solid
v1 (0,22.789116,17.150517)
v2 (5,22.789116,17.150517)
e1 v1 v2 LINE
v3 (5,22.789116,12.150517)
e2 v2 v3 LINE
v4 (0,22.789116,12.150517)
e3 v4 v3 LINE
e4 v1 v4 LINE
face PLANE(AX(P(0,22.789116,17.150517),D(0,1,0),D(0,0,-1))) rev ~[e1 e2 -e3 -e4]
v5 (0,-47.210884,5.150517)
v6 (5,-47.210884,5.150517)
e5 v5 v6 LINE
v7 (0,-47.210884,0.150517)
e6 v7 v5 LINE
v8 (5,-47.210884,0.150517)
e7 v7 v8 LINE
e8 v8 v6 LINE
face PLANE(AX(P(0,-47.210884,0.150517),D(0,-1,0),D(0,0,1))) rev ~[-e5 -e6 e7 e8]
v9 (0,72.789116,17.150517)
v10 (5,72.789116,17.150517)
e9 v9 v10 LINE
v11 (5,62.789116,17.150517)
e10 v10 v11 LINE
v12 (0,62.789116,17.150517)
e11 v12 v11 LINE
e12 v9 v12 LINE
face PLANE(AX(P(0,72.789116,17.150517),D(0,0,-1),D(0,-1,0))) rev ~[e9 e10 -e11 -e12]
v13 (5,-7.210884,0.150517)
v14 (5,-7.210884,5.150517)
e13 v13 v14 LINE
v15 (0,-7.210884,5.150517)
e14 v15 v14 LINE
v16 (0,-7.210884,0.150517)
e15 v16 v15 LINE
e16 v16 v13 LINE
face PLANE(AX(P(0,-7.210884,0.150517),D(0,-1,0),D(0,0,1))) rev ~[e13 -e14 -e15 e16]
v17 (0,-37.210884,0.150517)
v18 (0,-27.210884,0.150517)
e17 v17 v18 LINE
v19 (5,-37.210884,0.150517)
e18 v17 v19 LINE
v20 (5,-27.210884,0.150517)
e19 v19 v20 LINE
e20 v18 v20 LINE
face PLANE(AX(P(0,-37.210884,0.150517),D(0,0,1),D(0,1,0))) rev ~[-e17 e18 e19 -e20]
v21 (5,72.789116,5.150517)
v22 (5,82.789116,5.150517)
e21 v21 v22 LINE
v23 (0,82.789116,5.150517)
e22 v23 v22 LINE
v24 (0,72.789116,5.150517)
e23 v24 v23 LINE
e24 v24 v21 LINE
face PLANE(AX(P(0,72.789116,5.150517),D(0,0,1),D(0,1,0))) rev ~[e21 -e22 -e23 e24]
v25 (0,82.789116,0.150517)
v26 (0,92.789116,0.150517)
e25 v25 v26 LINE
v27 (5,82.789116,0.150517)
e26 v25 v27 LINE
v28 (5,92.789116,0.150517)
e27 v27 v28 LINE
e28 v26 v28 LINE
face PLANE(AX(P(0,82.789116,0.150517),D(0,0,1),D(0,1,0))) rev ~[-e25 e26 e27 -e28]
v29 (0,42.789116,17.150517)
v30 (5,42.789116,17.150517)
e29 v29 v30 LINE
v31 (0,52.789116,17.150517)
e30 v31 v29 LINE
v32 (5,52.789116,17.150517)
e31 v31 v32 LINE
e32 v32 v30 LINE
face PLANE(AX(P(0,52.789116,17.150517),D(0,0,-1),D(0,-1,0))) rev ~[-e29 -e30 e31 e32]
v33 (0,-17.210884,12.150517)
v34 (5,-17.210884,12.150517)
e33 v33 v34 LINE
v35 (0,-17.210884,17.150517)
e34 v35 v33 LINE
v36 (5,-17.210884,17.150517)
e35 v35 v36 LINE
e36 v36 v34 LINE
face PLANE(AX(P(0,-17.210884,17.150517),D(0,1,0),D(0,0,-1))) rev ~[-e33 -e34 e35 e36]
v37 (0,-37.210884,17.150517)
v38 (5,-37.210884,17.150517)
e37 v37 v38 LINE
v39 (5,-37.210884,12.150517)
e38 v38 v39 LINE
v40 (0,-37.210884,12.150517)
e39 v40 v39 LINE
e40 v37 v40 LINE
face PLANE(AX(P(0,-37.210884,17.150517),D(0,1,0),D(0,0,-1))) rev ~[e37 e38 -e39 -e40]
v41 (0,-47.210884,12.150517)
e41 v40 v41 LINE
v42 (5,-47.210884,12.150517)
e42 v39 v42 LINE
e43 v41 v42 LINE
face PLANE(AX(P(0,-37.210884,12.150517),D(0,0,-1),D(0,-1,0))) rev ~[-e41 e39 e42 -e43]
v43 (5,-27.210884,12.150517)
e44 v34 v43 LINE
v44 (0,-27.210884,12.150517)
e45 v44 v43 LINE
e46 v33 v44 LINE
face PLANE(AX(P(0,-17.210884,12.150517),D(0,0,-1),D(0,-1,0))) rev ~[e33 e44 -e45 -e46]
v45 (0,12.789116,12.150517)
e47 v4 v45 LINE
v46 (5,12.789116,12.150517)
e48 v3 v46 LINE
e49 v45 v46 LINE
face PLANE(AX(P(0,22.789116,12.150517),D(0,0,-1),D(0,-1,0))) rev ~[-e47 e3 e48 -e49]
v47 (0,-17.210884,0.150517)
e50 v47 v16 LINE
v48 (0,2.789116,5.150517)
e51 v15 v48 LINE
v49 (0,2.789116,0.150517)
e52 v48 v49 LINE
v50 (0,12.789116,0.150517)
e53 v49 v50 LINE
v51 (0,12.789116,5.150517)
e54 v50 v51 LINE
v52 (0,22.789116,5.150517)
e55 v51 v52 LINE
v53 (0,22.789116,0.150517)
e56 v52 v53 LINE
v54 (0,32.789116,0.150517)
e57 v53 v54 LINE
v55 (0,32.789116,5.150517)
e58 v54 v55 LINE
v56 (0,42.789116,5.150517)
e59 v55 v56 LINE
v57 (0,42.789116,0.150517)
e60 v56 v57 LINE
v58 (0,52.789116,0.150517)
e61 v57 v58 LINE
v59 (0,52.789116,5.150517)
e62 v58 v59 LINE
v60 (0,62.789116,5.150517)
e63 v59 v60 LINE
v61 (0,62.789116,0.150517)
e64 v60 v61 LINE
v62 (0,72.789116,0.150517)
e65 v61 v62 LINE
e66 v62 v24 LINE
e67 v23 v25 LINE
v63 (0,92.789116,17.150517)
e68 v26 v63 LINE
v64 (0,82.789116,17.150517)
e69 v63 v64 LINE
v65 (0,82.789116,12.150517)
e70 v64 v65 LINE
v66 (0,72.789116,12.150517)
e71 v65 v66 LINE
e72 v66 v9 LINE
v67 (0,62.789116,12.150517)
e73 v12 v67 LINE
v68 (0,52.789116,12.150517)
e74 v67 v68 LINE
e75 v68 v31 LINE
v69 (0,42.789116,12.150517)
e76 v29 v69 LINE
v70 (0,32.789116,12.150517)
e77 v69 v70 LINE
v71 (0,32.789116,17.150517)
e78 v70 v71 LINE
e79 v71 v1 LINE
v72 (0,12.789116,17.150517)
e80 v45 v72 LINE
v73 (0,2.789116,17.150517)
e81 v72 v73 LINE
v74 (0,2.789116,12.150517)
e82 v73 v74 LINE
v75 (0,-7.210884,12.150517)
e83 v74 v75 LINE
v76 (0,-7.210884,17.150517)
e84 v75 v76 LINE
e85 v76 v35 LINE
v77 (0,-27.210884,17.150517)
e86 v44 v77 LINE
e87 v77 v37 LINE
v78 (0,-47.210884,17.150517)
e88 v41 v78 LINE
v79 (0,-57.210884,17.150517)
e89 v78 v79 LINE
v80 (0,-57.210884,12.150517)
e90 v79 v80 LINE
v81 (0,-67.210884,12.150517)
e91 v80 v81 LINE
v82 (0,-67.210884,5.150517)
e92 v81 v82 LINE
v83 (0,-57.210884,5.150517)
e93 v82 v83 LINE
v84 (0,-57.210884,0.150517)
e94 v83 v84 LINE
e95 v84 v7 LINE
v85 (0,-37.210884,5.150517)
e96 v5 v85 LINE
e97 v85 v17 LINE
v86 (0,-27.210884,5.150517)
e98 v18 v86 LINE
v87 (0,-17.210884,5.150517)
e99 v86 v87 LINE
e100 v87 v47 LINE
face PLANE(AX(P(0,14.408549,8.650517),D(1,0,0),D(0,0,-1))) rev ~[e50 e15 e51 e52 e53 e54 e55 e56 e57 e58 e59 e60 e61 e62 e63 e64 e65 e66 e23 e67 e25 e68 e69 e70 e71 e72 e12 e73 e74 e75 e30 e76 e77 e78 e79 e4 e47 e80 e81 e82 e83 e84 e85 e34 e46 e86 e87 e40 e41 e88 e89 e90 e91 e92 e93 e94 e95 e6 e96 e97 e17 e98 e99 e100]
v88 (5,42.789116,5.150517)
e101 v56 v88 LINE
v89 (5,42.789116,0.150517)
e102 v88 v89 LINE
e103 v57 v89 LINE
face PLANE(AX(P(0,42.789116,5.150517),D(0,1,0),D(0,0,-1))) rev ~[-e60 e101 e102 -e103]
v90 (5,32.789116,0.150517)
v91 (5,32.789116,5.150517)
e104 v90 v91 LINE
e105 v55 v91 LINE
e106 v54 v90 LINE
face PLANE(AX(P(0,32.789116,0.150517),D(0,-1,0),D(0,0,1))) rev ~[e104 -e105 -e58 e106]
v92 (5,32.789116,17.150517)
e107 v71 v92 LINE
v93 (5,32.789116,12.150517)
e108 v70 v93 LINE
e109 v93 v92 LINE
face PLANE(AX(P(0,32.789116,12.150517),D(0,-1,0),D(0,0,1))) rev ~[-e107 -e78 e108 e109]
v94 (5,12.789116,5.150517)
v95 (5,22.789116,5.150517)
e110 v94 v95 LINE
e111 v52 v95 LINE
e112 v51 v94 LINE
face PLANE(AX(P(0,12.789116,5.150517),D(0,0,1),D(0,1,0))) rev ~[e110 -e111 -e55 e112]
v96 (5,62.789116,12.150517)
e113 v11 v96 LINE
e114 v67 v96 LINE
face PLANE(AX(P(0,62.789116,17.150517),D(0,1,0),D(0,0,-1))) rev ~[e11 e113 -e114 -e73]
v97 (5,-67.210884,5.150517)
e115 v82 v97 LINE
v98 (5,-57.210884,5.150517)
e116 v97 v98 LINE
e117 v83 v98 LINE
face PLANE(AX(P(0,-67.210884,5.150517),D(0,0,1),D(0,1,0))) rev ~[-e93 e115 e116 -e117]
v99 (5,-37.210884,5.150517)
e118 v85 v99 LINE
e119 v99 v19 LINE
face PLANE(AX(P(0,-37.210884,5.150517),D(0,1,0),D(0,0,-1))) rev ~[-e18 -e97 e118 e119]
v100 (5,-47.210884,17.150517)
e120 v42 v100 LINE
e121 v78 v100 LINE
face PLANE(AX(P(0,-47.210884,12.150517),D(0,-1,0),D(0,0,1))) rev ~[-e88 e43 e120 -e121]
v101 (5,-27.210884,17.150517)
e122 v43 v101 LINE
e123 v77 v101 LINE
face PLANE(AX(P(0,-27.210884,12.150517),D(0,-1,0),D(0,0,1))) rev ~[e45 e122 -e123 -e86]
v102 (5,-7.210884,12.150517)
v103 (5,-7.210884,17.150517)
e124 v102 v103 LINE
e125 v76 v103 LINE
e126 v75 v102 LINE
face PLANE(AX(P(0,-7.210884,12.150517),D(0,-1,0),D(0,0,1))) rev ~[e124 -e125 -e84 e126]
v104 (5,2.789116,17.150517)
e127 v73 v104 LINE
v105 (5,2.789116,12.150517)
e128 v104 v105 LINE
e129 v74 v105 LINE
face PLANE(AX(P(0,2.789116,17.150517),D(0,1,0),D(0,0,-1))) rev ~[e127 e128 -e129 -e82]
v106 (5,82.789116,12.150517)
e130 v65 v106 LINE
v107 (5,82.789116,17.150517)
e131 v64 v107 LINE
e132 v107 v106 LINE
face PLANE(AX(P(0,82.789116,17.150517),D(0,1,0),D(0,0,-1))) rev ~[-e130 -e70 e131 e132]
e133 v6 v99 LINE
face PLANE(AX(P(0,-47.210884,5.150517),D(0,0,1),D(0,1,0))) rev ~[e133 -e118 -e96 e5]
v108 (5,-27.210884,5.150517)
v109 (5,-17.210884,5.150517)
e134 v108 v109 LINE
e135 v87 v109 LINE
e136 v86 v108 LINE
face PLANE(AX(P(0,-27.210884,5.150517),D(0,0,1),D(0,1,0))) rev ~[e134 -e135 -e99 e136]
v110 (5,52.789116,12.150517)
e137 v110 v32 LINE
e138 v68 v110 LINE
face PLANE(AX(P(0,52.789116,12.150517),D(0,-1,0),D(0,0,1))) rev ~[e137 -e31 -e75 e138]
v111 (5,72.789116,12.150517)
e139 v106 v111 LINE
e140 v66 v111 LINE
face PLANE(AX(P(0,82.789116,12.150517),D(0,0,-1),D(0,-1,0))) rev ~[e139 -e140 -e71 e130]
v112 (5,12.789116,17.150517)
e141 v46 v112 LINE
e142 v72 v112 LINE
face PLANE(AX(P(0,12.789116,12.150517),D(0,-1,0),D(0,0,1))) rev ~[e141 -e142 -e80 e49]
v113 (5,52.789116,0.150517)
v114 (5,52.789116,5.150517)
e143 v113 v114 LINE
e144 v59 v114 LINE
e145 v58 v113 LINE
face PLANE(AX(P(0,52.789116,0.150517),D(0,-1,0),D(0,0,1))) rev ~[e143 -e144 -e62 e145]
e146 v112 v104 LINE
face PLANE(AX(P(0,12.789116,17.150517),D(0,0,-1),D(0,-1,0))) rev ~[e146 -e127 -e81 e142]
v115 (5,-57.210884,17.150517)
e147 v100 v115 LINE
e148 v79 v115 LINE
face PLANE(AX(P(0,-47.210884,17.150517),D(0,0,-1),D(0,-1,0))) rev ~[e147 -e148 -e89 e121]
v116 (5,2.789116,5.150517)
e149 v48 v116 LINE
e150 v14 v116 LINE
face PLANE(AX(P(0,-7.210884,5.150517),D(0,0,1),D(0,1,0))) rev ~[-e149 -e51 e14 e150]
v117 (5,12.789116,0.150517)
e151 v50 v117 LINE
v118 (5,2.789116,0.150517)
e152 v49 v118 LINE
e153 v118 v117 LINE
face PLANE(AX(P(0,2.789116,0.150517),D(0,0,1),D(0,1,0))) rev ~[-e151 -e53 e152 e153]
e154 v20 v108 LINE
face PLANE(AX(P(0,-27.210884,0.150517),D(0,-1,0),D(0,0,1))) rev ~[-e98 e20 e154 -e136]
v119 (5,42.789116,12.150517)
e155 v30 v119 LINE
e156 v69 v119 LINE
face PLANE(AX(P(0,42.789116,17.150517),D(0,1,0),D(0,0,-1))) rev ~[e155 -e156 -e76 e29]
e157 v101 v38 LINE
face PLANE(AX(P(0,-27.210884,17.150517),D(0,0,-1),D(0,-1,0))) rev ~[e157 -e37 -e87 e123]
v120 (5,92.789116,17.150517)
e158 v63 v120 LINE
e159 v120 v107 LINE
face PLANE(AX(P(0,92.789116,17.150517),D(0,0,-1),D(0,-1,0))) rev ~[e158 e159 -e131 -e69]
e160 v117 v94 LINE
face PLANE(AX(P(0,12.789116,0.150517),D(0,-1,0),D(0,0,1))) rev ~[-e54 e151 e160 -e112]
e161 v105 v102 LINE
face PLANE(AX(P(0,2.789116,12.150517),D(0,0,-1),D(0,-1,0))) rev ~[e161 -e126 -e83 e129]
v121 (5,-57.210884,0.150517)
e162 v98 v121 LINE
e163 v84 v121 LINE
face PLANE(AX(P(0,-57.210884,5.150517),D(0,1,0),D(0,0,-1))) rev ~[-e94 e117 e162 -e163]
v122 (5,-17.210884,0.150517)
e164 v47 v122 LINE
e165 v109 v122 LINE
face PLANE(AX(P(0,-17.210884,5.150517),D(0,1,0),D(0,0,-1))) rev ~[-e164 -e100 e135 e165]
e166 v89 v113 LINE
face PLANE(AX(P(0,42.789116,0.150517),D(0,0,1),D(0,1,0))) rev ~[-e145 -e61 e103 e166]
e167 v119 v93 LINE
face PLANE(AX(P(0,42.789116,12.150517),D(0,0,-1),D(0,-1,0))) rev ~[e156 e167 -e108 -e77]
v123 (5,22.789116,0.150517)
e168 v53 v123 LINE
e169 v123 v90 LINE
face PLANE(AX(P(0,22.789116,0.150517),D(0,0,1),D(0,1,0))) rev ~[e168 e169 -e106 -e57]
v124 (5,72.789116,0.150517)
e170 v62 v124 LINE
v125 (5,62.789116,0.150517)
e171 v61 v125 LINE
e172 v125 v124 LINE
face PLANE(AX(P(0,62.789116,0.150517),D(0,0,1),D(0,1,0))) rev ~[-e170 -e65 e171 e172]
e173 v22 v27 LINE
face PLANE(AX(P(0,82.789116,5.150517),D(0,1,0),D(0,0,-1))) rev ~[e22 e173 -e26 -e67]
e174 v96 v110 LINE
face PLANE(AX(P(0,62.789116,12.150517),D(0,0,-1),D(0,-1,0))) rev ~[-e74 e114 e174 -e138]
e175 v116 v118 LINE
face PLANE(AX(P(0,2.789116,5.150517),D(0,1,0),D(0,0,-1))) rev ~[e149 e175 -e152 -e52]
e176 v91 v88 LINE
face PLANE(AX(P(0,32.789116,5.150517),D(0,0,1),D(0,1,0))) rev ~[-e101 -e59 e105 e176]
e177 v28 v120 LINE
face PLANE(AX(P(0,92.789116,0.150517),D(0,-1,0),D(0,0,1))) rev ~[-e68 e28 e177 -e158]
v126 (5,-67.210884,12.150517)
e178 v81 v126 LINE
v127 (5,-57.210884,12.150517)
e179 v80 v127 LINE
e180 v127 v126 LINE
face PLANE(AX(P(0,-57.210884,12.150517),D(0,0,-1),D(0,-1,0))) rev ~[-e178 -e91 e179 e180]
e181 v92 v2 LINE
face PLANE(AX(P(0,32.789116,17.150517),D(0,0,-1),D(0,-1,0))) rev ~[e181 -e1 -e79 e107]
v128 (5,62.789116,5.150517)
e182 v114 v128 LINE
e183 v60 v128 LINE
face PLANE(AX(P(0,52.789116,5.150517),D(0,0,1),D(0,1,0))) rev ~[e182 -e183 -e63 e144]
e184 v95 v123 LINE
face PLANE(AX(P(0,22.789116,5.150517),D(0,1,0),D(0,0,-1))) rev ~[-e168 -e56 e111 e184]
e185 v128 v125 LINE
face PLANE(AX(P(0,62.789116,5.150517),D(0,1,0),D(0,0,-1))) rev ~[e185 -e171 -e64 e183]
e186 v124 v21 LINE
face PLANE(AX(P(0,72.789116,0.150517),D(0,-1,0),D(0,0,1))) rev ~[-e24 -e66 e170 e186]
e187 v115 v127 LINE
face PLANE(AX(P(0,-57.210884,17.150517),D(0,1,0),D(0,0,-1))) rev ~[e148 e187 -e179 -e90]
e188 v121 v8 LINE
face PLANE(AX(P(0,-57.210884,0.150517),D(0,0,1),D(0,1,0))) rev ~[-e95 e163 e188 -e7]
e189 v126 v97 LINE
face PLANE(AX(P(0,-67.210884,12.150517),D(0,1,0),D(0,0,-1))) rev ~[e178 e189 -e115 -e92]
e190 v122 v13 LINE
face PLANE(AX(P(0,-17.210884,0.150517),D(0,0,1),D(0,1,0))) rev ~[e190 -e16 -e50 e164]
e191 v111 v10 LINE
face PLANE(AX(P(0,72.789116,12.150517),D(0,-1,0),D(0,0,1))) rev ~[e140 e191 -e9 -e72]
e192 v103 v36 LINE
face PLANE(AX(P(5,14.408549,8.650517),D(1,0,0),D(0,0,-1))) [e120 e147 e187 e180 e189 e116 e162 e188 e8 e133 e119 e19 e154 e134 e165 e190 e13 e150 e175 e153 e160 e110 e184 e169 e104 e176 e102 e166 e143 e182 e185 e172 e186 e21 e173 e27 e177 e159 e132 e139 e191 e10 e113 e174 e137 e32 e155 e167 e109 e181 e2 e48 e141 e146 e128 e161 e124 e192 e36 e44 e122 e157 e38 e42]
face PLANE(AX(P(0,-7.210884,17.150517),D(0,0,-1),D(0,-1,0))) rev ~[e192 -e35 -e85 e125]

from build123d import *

# Parameters (mm, degrees)
SALIENTE_EXTRUIR1_DEPTH = 5


with BuildPart() as part:
    # Croquis1 → Saliente-Extruir1 (new body)
    with BuildSketch(Plane(origin=(0, 0, 0), x_dir=(0, 0, -1), z_dir=(1, 0, 0))):
        Polygon((-17.15051747, 72.789115646), (-17.15051747, 62.789115646), (-12.15051747, 62.789115646), (-12.15051747, 52.789115646), (-17.15051747, 52.789115646), (-17.15051747, 42.789115646), (-12.15051747, 42.789115646), (-12.15051747, 32.789115646), (-17.15051747, 32.789115646), (-17.15051747, 22.789115646), (-12.15051747, 22.789115646), (-12.15051747, 12.789115646), (-17.15051747, 12.789115646), (-17.15051747, 2.789115646), (-12.15051747, 2.789115646), (-12.15051747, -7.210884354), (-17.15051747, -7.210884354), (-17.15051747, -17.210884354), (-12.15051747, -17.210884354), (-12.15051747, -27.210884354), (-17.15051747, -27.210884354), (-17.15051747, -37.210884354), (-12.15051747, -37.210884354), (-12.15051747, -47.210884354), (-17.15051747, -47.210884354), (-17.15051747, -57.210884354), (-12.15051747, -57.210884354), (-12.15051747, -67.210884354), (-5.15051747, -67.210884354), (-5.15051747, -57.210884354), (-0.15051747, -57.210884354), (-0.15051747, -47.210884354), (-5.15051747, -47.210884354), (-5.15051747, -37.210884354), (-0.15051747, -37.210884354), (-0.15051747, -27.210884354), (-5.15051747, -27.210884354), (-5.15051747, -17.210884354), (-0.15051747, -17.210884354), (-0.15051747, -7.210884354), (-5.15051747, -7.210884354), (-5.15051747, 2.789115646), (-0.15051747, 2.789115646), (-0.15051747, 12.789115646), (-5.15051747, 12.789115646), (-5.15051747, 22.789115646), (-0.15051747, 22.789115646), (-0.15051747, 32.789115646), (-5.15051747, 32.789115646), (-5.15051747, 42.789115646), (-0.15051747, 42.789115646), (-0.15051747, 52.789115646), (-5.15051747, 52.789115646), (-5.15051747, 62.789115646), (-0.15051747, 62.789115646), (-0.15051747, 72.789115646), (-5.15051747, 72.789115646), (-5.15051747, 82.789115646), (-0.15051747, 82.789115646), (-0.15051747, 92.789115646), (-17.15051747, 92.789115646), (-17.15051747, 82.789115646), (-12.15051747, 82.789115646), (-12.15051747, 72.789115646), align=None)
    extrude(amount=SALIENTE_EXTRUIR1_DEPTH)


solid = part.part
